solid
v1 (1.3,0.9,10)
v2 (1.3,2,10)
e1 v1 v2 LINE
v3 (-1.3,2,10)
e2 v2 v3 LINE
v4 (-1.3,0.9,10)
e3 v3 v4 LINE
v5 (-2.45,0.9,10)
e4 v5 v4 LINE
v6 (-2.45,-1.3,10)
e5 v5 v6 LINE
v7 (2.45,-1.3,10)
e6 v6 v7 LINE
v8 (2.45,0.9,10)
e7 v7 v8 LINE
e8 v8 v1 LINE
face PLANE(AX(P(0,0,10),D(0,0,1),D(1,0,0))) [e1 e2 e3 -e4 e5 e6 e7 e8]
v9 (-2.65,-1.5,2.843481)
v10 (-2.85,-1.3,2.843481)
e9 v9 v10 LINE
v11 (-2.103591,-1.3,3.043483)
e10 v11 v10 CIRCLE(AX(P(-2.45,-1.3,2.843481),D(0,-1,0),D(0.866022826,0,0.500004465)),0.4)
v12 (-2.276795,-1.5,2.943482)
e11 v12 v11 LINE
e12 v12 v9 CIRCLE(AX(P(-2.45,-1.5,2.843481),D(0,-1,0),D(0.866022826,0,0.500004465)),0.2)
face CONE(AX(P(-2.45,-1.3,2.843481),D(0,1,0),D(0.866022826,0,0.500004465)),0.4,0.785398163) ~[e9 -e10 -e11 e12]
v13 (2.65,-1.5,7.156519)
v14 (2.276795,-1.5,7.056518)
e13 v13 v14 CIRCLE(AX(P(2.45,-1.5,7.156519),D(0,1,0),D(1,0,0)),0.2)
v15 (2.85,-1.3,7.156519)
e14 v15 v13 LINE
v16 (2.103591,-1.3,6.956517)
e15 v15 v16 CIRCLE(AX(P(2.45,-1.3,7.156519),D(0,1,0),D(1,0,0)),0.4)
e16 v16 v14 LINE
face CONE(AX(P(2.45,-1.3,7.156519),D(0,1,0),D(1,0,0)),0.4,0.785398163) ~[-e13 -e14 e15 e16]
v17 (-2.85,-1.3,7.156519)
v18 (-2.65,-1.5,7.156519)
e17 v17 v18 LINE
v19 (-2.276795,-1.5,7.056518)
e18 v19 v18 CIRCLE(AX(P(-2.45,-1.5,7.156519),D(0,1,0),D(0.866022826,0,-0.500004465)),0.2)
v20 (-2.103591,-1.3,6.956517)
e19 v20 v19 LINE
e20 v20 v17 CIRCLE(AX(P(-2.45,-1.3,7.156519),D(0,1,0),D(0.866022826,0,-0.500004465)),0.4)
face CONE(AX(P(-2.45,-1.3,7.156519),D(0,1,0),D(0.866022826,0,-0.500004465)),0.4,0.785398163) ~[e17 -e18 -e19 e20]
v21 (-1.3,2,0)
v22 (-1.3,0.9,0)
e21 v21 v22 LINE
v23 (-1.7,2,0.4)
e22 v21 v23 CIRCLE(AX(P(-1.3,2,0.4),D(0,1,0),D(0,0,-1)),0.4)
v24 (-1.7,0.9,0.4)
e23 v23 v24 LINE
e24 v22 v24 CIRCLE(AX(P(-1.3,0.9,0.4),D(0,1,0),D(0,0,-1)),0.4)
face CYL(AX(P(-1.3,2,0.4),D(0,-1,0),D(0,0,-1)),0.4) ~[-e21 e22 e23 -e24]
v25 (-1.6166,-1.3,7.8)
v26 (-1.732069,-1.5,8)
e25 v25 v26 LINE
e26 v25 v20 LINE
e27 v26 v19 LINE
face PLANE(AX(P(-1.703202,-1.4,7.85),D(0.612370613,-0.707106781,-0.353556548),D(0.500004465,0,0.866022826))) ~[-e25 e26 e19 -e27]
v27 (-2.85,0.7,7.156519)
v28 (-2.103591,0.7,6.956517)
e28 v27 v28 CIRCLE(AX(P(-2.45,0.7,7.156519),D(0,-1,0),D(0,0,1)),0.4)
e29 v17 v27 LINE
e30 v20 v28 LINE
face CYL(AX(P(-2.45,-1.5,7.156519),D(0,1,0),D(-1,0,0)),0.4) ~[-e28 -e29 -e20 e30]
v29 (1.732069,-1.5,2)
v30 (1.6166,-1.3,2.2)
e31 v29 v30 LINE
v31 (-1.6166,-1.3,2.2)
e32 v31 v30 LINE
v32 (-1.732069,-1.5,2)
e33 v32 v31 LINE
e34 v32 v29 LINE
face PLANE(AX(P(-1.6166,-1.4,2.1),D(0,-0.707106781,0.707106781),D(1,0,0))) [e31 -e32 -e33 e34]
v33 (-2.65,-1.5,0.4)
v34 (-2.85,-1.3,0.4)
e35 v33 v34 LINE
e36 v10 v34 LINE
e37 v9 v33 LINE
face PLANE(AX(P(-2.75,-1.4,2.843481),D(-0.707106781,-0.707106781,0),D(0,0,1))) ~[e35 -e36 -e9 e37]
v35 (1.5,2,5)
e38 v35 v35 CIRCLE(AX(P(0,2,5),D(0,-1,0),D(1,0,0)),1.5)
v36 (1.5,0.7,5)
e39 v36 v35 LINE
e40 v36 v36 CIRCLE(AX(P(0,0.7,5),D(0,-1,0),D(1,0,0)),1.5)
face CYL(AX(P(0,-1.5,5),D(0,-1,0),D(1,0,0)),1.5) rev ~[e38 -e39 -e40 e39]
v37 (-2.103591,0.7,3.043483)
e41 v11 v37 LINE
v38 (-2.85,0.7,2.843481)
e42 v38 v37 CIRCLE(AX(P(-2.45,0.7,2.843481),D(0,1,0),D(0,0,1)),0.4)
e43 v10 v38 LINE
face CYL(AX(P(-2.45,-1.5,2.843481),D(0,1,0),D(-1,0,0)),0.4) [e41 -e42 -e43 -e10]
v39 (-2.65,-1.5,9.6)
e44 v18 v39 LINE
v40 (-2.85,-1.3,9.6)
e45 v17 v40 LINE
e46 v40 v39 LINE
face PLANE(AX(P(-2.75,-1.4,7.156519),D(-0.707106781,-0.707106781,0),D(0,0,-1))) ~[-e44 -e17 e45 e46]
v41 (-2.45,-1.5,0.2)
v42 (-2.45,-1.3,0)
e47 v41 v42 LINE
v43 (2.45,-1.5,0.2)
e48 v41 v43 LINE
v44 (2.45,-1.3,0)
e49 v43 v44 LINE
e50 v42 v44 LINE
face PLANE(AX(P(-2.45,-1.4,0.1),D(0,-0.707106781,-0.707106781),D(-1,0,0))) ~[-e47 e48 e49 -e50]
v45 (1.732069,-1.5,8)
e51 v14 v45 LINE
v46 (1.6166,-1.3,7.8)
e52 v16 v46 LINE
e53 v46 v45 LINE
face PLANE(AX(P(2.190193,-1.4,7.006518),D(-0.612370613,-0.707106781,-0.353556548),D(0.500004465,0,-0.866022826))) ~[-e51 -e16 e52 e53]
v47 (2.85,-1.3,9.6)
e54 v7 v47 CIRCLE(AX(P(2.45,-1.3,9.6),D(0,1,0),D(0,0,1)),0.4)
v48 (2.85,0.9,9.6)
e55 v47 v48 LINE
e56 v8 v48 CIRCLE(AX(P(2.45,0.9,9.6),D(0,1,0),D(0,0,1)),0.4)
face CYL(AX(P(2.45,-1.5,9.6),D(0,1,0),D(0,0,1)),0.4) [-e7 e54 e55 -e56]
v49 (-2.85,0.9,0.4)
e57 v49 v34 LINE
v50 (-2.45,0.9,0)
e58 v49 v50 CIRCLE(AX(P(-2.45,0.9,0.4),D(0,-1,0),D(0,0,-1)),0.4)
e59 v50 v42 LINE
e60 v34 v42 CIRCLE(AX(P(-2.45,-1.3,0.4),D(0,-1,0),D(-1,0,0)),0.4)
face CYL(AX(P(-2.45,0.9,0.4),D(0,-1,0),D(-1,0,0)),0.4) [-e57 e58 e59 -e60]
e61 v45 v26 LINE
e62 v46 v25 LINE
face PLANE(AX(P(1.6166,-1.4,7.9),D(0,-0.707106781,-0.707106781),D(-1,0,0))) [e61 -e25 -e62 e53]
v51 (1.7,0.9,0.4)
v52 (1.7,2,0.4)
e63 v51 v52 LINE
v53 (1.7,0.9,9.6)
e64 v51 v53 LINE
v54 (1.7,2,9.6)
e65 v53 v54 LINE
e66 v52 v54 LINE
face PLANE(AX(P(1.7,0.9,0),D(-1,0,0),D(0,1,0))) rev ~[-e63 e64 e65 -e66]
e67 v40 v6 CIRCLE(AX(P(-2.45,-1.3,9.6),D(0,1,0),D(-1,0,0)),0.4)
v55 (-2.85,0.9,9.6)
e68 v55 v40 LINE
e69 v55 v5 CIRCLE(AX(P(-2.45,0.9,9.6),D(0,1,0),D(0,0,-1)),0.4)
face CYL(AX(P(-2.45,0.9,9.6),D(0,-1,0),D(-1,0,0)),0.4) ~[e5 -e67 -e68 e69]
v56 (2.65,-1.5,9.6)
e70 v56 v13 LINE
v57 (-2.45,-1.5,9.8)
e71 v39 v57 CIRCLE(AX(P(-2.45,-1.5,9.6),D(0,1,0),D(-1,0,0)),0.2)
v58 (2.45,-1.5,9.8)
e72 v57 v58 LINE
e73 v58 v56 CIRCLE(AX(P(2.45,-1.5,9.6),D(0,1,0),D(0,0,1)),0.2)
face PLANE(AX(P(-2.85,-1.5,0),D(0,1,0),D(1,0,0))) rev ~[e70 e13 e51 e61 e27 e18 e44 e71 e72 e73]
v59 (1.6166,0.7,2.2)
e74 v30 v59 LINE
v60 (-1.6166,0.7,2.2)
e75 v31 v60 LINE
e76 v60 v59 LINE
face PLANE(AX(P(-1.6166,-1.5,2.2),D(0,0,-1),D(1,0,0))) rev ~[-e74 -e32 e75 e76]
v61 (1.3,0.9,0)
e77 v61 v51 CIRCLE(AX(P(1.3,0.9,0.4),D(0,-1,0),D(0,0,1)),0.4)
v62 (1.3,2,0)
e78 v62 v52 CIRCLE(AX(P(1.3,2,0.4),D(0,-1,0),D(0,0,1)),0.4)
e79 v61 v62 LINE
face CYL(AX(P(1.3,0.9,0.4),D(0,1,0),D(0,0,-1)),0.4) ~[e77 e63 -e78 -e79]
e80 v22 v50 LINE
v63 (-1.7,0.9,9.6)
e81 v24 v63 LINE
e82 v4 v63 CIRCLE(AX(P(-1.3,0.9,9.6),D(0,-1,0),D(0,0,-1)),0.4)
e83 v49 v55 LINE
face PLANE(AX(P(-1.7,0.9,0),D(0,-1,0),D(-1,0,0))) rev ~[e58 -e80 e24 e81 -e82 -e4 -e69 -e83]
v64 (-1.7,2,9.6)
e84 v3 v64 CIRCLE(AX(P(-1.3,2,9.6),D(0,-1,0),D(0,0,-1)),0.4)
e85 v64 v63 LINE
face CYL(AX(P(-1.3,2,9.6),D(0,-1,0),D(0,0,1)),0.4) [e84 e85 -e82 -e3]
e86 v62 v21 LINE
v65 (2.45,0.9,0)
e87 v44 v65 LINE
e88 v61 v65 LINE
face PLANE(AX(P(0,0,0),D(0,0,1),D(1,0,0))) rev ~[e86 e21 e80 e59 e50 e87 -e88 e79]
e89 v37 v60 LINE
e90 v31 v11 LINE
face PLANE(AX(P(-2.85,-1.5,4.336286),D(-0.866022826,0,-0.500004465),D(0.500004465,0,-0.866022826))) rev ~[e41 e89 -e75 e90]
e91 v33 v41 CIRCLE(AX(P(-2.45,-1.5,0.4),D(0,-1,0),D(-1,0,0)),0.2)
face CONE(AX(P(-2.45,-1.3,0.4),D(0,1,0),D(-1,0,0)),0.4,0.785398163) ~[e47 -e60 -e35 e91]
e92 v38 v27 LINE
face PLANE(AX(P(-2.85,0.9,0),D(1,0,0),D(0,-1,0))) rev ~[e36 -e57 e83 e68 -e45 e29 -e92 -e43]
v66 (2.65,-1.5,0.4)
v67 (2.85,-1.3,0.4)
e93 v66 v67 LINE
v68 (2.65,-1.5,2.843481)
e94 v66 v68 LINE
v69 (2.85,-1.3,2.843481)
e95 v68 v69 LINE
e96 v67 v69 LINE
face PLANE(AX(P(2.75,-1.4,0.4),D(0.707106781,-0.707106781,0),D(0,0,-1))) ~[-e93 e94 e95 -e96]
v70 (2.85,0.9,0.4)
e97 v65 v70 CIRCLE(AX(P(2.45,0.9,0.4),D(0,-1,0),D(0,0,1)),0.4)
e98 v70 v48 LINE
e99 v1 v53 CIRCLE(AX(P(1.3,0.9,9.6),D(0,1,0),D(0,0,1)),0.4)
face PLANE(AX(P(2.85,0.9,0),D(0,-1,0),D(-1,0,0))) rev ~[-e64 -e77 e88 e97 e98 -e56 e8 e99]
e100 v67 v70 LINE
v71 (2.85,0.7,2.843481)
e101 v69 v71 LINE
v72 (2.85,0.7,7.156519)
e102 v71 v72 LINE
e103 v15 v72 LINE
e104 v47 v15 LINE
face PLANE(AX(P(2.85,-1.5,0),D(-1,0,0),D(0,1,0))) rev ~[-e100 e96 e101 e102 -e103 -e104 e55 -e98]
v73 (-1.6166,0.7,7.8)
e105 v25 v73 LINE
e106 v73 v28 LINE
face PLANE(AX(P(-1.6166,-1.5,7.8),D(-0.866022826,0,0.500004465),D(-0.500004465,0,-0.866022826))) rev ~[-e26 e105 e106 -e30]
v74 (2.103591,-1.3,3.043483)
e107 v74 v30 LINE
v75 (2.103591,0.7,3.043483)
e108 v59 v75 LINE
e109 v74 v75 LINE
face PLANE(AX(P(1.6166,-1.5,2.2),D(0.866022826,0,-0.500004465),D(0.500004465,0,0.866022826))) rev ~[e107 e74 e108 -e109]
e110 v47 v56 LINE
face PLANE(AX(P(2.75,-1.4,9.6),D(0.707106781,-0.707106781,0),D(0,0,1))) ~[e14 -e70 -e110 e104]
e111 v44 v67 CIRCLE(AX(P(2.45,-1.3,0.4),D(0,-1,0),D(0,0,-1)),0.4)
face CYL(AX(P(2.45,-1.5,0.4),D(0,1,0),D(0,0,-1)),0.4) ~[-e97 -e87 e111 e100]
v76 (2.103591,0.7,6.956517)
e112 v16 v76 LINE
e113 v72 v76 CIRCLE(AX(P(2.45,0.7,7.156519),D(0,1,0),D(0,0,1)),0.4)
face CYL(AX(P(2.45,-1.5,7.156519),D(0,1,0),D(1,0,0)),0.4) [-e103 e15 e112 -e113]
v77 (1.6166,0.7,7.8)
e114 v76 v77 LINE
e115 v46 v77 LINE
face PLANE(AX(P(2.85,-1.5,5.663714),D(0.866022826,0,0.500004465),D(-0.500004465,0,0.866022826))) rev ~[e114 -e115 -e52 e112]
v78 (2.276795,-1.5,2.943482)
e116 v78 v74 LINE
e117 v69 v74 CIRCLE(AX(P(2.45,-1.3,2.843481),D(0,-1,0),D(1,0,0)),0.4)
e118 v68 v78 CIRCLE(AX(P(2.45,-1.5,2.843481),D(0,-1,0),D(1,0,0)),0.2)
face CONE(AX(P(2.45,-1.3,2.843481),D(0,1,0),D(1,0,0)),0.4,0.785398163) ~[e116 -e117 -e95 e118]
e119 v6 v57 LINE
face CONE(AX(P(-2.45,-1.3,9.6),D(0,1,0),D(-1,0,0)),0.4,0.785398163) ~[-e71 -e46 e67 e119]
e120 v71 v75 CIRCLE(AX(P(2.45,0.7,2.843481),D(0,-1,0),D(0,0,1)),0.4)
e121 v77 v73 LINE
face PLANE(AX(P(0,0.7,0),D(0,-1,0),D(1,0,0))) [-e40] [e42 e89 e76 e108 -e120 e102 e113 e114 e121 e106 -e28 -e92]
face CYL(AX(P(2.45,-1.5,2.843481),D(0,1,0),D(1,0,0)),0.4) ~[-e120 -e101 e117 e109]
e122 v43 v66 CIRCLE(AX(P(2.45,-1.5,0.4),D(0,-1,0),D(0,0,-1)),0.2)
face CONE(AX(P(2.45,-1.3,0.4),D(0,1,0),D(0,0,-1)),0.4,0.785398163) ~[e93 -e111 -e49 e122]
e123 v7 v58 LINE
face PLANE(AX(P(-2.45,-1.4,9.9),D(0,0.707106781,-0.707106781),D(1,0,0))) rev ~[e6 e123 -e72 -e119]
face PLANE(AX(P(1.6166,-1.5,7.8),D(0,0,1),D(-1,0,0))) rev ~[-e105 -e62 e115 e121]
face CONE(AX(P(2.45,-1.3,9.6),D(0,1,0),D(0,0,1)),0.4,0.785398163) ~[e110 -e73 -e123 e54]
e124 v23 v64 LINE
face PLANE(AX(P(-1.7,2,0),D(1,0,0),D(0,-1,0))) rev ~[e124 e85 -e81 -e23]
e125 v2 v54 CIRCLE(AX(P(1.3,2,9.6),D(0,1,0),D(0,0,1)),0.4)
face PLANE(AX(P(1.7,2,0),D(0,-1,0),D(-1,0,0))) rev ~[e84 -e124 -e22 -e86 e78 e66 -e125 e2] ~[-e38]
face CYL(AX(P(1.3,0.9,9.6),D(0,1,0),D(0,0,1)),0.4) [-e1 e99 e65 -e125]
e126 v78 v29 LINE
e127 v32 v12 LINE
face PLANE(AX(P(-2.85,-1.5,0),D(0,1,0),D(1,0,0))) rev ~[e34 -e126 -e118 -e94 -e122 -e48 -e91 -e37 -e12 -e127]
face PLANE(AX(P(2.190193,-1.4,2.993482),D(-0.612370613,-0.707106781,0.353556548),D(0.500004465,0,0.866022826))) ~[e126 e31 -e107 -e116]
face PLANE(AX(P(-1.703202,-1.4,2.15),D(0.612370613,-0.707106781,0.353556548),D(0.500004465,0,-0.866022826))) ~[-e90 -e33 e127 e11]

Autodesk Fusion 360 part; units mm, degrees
sketch "Sketch1" plane through (0, 0, 0) normal (0, 0, 1) x (1, 0, 0)
  line L0 (-2.85, 0.9) -> (-2.85, -1.5)
  line L1 (2.85, -1.5) -> (2.85, 0.9)
  line L2 (2.85, 0.9) -> (1.7, 0.9)
  line L3 (1.7, 0.9) -> (1.7, 2)
  line L4 (1.7, 2) -> (-1.7, 2)
  line L5 (-1.7, 2) -> (-1.7, 0.9)
  line L6 (-1.7, 0.9) -> (-2.85, 0.9)
  line L7 (-2.85, -1.5) -> (2.85, -1.5)
  dimension "d1" = 3.4
  dimension "d2" = 5.7
  dimension "d3" = 2.4
  dimension "d4" = 1.1
  dimension "d5" = 1.7
  dimension "d6" = 2
  dimension "d7" = 1.15
extrude "Extrude1" add sketch "Sketch1" along normal blind 10
sketch "Sketch2" plane through (0, -1.5, 0) normal (0, -1, 0) x (1, 0, 0)
  line L0 (-2.85, 0) -> (2.85, 0)
  line L1 (2.85, 0) -> (2.85, 10)
  line L2 (2.85, 10) -> (-2.85, 10)
  line L3 (-2.85, 10) -> (-2.85, 0)
  line L4 (1.6166, 2.2) -> (3.2332, 5)
  line L5 (3.2332, 5) -> (1.6166, 7.8)
  line L6 (1.6166, 7.8) -> (-1.6166, 7.8)
  line L7 (-1.6166, 7.8) -> (-3.2332, 5)
  line L8 (-3.2332, 5) -> (-1.6166, 2.2)
  line L9 (-1.6166, 2.2) -> (1.6166, 2.2)
  circle A0 centre (0, 5) radius 1.5
  point P0 (0, 5)
  dimension "d10" = 2.8
  dimension "d11" = 2.85
  dimension "d19" = 5
  dimension "d20" = 3
extrude "Extrude2" cut sketch "Sketch2" against normal blind 2.2 contours L1 L3 L4 L5 L6 L7 L8 L9 | A0
fillet "Fillet1" radius 0.4 4 edges at (-2.85, -0.4, 4.3363) (2.85, -0.4, 5.6637) (2.85, -0.4, 4.3363) (-2.85, -0.4, 5.6637)
fillet "Fillet2" radius 0.4 8 edges at (-1.7, 1.45, 0) (-2.85, -0.3, 0) (-2.85, -0.3, 10) (-1.7, 1.45, 10) (1.7, 1.45, 0) (2.85, -0.3, 0) (1.7, 1.45, 10) (2.85, -0.3, 10)
chamfer "Chamfer1" distance 0.2 angle 45 20 edges at (0, -1.5, 0) (2.7328, -1.5, 0.1172) (2.85, -1.5, 1.6218) (2.5535, -1.5, 3.2299) (1.8601, -1.5, 2.6218) (-1.8601, -1.5, 2.6218) (-2.5535, -1.5, 3.2299) (-2.85, -1.5, 1.6218) (-2.7328, -1.5, 0.1172) (0, -1.5, 2.2) (-2.85, -1.5, 8.3782) (-2.7328, -1.5, 9.8828) (0, -1.5, 10) (2.7328, -1.5, 9.8828) (2.85, -1.5, 8.3782) (2.5535, -1.5, 6.7701) (1.8601, -1.5, 7.3782) (-1.8601, -1.5, 7.3782) (-2.5535, -1.5, 6.7701) (0, -1.5, 7.8)
extrude "Extrude3" cut sketch "Sketch2" against normal blind 5 contours A0
equation "d5 = ( 3.4 / 2 ) * 1 mm"
equation "d7 = ( ( 5.7 - 3.4 ) / 2 ) * 1 mm"
equation "d10 = ( 5.6 / 2 ) * 1 mm"
equation "d11 = ( 5.7 / 2 ) * 1 mm"
